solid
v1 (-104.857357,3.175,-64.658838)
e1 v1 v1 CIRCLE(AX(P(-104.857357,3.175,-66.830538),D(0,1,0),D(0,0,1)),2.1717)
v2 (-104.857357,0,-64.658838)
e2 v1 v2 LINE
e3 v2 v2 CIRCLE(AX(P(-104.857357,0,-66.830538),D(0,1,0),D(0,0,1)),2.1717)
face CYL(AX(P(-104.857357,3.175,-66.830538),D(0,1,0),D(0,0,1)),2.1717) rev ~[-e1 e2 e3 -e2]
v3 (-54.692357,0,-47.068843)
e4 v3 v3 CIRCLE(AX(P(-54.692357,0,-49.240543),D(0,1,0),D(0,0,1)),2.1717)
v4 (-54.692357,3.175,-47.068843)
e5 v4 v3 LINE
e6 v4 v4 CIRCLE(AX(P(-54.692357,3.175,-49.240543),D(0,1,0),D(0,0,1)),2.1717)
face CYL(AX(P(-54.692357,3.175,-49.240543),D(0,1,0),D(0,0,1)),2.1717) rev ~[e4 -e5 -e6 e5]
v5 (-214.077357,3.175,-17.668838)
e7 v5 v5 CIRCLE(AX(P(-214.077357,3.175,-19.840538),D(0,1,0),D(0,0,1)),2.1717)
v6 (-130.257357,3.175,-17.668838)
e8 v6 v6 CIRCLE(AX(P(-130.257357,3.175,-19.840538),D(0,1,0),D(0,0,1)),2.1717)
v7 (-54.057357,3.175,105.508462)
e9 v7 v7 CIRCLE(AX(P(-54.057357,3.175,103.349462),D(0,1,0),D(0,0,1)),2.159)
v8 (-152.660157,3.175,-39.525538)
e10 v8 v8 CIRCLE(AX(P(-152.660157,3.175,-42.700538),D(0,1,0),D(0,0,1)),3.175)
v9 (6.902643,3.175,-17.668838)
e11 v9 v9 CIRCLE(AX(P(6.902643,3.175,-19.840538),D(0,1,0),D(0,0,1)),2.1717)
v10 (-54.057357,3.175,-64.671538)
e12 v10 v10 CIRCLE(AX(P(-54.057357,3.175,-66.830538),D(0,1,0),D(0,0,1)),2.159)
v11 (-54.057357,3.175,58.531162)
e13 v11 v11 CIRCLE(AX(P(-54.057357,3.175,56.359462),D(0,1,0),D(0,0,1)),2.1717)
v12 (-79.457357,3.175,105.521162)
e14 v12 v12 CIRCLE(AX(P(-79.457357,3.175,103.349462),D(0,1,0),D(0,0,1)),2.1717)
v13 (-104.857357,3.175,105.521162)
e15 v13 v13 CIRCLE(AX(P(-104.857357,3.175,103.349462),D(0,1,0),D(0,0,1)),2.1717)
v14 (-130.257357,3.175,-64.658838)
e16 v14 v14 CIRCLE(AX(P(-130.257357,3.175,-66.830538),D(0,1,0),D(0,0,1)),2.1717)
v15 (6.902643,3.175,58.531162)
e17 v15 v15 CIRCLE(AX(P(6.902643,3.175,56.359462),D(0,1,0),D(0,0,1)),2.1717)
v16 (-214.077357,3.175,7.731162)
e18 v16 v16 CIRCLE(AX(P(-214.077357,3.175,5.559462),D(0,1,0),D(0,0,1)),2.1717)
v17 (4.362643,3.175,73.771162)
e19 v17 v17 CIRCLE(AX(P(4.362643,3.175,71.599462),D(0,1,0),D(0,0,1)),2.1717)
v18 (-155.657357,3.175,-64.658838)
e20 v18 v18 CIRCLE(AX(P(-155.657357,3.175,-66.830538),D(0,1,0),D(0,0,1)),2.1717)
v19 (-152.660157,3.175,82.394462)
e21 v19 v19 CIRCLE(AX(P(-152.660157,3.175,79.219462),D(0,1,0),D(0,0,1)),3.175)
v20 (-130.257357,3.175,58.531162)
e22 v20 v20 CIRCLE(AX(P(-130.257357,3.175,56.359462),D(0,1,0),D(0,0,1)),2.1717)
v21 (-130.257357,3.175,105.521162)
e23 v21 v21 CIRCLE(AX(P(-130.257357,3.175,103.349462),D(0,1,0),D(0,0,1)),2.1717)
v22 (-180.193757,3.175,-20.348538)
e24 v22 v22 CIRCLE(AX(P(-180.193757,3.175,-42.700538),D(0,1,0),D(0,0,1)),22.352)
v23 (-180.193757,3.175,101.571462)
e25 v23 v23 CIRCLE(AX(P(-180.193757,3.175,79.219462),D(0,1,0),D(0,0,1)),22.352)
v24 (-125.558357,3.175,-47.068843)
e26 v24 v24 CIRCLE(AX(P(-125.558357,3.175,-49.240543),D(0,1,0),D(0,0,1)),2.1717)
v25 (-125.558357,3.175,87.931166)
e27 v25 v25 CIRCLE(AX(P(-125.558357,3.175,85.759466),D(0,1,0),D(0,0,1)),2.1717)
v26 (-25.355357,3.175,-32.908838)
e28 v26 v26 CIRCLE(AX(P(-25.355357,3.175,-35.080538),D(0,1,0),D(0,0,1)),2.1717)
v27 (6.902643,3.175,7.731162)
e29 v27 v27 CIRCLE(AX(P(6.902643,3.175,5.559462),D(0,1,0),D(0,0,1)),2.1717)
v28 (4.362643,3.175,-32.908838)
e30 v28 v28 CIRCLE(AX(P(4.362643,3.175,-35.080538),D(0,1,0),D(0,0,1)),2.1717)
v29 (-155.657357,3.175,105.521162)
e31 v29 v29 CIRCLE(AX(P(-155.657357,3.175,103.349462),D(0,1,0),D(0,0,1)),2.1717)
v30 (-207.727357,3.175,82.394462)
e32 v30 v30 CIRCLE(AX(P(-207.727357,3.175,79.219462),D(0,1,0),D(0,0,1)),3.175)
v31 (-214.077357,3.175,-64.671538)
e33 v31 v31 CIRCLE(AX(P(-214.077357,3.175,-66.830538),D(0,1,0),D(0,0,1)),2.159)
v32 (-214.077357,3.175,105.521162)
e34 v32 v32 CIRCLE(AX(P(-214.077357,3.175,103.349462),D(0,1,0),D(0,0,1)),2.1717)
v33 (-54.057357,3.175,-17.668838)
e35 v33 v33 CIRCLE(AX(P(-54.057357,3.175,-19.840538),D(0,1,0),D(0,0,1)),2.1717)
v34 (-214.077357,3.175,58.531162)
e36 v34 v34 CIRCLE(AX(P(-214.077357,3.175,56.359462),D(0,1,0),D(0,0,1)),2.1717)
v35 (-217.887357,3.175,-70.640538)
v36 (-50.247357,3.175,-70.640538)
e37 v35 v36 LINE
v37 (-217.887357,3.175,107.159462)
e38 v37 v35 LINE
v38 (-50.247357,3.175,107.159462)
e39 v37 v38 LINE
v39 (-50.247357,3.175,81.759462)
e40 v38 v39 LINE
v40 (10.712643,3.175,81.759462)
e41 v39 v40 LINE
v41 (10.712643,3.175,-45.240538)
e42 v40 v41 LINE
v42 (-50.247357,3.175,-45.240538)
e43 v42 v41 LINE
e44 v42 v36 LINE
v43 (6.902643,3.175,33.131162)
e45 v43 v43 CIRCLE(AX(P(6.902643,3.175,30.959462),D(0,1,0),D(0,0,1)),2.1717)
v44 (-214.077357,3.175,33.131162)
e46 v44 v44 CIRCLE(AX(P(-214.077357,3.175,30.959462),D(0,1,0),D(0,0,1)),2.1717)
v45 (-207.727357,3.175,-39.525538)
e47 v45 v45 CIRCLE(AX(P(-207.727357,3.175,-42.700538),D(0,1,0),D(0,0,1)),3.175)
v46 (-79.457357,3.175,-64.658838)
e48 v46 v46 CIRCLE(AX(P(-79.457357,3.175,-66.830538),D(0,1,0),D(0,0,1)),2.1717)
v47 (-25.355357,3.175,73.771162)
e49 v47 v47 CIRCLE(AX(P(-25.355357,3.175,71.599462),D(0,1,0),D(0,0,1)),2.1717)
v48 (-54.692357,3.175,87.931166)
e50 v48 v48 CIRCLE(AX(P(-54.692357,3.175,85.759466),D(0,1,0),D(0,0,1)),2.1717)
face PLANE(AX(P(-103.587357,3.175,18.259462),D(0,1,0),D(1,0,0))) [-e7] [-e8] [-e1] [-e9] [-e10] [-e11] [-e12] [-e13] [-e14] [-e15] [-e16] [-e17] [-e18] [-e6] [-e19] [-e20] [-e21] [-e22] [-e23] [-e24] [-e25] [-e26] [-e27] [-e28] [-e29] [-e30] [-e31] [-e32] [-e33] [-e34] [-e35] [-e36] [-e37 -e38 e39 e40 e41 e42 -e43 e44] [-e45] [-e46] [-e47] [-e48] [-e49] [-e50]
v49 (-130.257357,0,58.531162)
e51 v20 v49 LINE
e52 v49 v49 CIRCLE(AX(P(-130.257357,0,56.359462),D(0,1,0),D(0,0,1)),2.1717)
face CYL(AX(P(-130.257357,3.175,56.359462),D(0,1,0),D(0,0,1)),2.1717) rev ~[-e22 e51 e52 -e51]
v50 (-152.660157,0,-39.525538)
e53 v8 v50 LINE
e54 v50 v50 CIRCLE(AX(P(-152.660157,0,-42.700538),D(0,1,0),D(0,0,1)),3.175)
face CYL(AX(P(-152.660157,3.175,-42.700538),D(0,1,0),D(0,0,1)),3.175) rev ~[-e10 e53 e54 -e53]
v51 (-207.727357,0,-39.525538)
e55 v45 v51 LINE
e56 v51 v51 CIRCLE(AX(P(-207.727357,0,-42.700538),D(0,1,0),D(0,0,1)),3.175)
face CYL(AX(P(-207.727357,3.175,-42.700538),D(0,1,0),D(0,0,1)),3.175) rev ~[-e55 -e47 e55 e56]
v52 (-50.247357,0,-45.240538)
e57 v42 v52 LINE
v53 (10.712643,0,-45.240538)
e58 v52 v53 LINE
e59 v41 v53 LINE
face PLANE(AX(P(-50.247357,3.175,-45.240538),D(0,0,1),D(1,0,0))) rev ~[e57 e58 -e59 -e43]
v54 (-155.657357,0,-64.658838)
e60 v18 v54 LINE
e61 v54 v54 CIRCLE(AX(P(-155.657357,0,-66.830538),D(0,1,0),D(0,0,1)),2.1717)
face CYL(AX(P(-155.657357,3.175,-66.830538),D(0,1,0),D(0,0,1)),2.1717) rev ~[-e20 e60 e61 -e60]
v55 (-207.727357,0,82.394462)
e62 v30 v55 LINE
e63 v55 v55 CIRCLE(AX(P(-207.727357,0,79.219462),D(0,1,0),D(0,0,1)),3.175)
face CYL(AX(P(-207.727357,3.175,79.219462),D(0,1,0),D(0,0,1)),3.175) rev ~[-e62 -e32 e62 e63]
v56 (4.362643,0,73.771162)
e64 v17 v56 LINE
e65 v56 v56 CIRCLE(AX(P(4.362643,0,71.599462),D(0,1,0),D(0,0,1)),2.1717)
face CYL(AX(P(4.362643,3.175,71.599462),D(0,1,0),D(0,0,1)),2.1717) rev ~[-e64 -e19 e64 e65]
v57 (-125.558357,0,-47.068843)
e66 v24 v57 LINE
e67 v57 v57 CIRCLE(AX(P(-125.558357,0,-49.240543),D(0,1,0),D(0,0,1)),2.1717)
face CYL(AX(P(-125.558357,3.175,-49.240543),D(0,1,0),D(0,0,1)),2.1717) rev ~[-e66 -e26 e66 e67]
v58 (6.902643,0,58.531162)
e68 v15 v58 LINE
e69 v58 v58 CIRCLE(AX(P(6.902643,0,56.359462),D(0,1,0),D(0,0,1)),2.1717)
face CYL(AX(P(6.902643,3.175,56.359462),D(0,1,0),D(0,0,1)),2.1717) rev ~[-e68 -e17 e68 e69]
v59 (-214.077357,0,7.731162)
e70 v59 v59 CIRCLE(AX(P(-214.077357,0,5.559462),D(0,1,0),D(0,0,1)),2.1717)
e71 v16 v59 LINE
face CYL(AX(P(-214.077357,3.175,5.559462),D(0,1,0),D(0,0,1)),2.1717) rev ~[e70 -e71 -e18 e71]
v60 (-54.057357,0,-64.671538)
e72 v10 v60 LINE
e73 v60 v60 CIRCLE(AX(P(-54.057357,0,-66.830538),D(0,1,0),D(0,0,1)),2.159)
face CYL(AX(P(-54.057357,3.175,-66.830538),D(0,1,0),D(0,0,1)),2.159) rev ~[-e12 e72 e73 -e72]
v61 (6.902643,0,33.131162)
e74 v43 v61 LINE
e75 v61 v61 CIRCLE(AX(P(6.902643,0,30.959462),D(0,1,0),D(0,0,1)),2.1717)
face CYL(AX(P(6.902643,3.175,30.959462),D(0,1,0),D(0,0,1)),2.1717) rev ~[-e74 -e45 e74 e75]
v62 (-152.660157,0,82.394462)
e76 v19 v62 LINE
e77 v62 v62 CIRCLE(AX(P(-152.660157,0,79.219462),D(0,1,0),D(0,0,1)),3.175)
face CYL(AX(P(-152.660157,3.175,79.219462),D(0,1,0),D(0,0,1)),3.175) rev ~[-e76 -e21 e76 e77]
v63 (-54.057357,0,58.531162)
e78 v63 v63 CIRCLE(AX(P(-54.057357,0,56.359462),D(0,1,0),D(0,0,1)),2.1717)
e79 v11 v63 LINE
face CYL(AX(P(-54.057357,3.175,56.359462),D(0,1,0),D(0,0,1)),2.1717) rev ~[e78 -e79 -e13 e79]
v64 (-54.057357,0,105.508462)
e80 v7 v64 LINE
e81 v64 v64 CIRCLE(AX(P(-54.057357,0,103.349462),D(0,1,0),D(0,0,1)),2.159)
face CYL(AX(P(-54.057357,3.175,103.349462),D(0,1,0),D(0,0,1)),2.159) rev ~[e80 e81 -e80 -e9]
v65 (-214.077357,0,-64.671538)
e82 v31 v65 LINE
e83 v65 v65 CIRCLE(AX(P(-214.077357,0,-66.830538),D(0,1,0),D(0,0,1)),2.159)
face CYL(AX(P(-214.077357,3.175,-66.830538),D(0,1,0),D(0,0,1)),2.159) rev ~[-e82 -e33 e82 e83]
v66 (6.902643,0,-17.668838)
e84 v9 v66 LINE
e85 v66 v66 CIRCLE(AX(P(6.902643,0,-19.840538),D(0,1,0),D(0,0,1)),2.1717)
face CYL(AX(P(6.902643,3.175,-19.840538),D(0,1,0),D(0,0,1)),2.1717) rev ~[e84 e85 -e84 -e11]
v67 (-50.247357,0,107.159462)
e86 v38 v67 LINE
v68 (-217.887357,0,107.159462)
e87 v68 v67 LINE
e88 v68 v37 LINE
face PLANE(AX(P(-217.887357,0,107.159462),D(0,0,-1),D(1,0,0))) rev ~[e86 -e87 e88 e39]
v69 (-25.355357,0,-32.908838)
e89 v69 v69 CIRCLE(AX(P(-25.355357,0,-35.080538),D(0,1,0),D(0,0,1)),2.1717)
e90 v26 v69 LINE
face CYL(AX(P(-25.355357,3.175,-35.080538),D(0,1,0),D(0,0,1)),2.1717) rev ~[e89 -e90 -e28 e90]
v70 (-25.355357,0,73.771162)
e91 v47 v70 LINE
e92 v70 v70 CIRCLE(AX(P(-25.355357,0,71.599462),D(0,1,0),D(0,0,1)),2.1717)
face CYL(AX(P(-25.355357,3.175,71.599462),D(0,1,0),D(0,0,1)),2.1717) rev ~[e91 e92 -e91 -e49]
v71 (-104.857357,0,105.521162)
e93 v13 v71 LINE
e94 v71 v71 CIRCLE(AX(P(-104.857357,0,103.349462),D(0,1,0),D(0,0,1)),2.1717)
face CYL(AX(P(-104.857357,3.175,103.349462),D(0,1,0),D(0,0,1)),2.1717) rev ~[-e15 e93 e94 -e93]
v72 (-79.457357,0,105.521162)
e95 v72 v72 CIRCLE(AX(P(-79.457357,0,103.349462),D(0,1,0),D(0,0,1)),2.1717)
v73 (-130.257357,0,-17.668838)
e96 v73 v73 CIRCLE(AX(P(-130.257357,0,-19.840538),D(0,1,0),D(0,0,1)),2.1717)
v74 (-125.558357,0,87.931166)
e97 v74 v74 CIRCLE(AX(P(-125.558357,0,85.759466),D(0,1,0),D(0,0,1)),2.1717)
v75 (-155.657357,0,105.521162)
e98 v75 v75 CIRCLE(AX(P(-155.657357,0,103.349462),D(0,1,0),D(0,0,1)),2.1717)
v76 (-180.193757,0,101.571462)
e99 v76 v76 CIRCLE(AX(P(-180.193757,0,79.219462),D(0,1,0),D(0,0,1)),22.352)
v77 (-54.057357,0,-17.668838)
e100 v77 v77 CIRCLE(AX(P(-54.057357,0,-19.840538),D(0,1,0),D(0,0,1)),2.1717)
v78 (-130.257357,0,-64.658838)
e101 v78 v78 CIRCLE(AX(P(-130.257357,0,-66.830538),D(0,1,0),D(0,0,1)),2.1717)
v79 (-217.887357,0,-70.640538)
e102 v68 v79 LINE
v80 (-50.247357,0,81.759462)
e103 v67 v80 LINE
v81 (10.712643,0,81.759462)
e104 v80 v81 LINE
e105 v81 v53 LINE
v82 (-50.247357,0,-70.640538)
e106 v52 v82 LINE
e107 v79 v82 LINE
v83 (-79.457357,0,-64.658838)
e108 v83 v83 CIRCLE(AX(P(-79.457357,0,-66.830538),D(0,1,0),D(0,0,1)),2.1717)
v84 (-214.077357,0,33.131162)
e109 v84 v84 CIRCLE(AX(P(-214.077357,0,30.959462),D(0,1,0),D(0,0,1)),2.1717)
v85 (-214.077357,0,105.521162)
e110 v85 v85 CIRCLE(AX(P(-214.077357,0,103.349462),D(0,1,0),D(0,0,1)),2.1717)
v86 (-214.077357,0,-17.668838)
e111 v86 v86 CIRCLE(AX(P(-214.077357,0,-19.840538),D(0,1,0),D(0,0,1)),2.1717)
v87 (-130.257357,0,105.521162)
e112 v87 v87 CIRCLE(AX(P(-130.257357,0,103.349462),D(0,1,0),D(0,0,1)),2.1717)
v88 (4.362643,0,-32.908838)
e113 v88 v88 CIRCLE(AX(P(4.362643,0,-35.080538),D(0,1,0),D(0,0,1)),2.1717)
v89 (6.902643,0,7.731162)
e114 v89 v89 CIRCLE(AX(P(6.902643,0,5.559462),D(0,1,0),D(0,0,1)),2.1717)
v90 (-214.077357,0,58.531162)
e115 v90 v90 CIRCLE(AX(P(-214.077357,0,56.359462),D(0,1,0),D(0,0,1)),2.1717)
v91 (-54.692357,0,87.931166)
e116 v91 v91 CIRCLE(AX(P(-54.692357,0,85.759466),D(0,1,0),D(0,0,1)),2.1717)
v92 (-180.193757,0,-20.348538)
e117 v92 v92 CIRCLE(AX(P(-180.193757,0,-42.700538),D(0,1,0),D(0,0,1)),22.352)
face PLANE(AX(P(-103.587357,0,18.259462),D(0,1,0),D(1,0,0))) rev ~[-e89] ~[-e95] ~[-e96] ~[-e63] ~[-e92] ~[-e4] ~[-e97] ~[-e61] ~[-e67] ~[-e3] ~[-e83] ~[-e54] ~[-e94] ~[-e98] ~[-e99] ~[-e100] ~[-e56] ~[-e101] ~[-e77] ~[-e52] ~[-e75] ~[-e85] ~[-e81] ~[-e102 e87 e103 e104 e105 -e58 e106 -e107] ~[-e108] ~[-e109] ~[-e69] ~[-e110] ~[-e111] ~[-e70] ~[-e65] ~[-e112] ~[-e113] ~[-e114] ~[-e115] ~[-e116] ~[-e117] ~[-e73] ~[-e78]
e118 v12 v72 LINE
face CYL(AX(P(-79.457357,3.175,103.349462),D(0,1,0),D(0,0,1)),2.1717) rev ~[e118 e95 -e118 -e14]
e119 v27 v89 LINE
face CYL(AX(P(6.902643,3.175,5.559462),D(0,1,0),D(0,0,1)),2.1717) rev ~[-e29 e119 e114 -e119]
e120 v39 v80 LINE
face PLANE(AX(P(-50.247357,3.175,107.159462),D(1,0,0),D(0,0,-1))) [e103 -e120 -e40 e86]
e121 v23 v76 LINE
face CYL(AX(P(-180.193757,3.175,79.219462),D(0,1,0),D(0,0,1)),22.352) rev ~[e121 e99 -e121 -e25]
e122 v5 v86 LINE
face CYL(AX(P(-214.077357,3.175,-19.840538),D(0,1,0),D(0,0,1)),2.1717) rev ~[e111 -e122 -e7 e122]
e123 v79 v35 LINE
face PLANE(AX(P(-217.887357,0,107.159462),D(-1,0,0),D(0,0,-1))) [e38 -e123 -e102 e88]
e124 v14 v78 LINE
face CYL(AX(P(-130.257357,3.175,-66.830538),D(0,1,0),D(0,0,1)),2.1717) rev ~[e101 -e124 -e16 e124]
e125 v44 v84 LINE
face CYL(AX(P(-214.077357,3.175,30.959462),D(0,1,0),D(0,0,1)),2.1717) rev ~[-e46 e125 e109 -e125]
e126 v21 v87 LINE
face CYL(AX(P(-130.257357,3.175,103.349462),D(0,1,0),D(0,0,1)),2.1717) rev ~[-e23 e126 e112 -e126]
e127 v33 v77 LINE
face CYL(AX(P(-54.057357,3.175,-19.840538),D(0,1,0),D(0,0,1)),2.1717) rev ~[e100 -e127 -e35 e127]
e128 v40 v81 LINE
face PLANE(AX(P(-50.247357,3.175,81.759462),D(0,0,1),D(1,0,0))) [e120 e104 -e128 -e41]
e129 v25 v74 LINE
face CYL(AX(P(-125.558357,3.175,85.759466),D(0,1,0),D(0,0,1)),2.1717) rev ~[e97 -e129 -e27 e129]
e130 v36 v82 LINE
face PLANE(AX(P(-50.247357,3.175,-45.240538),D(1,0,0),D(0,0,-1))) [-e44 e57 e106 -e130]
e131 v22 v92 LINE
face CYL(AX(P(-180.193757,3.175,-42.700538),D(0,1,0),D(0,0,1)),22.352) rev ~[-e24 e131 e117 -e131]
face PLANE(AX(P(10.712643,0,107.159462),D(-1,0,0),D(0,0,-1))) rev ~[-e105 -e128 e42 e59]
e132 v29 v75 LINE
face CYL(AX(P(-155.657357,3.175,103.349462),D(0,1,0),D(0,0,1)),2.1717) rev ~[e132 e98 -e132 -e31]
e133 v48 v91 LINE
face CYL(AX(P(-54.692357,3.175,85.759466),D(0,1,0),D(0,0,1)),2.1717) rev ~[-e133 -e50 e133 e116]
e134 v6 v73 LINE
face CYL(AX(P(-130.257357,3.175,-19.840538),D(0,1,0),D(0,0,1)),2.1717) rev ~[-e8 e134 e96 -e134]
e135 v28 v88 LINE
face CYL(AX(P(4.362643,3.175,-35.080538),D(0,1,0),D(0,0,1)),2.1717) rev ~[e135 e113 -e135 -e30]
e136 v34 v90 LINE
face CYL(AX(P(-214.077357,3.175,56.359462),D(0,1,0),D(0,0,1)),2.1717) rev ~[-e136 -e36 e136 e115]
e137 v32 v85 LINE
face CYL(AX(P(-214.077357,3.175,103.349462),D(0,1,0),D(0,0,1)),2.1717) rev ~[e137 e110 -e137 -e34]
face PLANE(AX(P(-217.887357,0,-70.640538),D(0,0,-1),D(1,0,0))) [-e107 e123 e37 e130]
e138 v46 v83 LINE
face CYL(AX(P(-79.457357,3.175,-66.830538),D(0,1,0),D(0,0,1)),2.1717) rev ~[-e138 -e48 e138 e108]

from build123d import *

# Parameters (mm, degrees)
SKETCH1_W           = 228.6
SKETCH1_H           = 177.8
BOSS_EXTRUDE1_DEPTH = 3.175
SKETCH2_R           = 2.1717
SKETCH2_R_2         = 3.175
SKETCH2_R_3         = 22.352
SKETCH2_R_4         = 2.159
SKETCH2_W           = 60.96
SKETCH2_H           = 25.4
CUT_EXTRUDE1_DEPTH  = 3.175


with BuildPart() as part:
    # Sketch1 → Boss-Extrude1 (new body)
    with BuildSketch(Plane(origin=(0, 0, 0), x_dir=(1, 0, 0), z_dir=(0, 1, 0))):
        with Locations((-103.587357149, -18.25946167)):
            Rectangle(SKETCH1_W, SKETCH1_H)
    extrude(amount=BOSS_EXTRUDE1_DEPTH)

    # Sketch2 → Cut-Extrude1 (cut)
    with BuildSketch(Plane(origin=(0, 3.175, 0), x_dir=(1, 0, 0), z_dir=(0, 1, 0))):
        with Locations(Location((4.362642851, 35.08053833, 0), (0, 0, 270))):
            Circle(SKETCH2_R)
        with Locations(Location((-25.355357149, 35.08053833, 0), (0, 0, 270))):
            Circle(SKETCH2_R)
        with Locations(Location((4.362642851, -71.59946167, 0), (0, 0, 270))):
            Circle(SKETCH2_R)
        with Locations(Location((-25.355357149, -71.59946167, 0), (0, 0, 270))):
            Circle(SKETCH2_R)
        with Locations(Location((-207.727357149, 42.70053833, 0), (0, 0, 270))):
            Circle(SKETCH2_R_2)
        with Locations(Location((-152.660157149, 42.70053833, 0), (0, 0, 270))):
            Circle(SKETCH2_R_2)
        with Locations(Location((-180.193757149, 42.70053833, 0), (0, 0, 270))):
            Circle(SKETCH2_R_3)
        with Locations(Location((-207.727357149, -79.21946167, 0), (0, 0, 270))):
            Circle(SKETCH2_R_2)
        with Locations(Location((-180.193757149, -79.21946167, 0), (0, 0, 270))):
            Circle(SKETCH2_R_3)
        with Locations(Location((-152.660157149, -79.21946167, 0), (0, 0, 270))):
            Circle(SKETCH2_R_2)
        with Locations(Location((-54.692357149, 49.24054303, 0), (0, 0, 270))):
            Circle(SKETCH2_R)
        with Locations(Location((-125.558357149, 49.24054303, 0), (0, 0, 270))):
            Circle(SKETCH2_R)
        with Locations(Location((-125.558357149, -85.75946637, 0), (0, 0, 270))):
            Circle(SKETCH2_R)
        with Locations(Location((-54.692357149, -85.75946637, 0), (0, 0, 270))):
            Circle(SKETCH2_R)
        with Locations(Location((-54.057357149, 66.83053833, 0), (0, 0, 270))):
            Circle(SKETCH2_R_4)
        with Locations(Location((-54.057357149, -103.34946167, 0), (0, 0, 270))):
            Circle(SKETCH2_R_4)
        with Locations(Location((-214.077357149, 66.83053833, 0), (0, 0, 270))):
            Circle(SKETCH2_R_4)
        with Locations(Location((-214.077357149, -103.34946167, 0), (0, 0, 270))):
            Circle(SKETCH2_R)
        with Locations(Location((-79.457357149, 66.83053833, 0), (0, 0, 270))):
            Circle(SKETCH2_R)
        with Locations(Location((-104.857357149, 66.83053833, 0), (0, 0, 270))):
            Circle(SKETCH2_R)
        with Locations(Location((-130.257357149, 66.83053833, 0), (0, 0, 270))):
            Circle(SKETCH2_R)
        with Locations(Location((-155.657357149, 66.83053833, 0), (0, 0, 270))):
            Circle(SKETCH2_R)
        with Locations(Location((-79.457357149, -103.34946167, 0), (0, 0, 270))):
            Circle(SKETCH2_R)
        with Locations(Location((-104.857357149, -103.34946167, 0), (0, 0, 270))):
            Circle(SKETCH2_R)
        with Locations(Location((-130.257357149, -103.34946167, 0), (0, 0, 270))):
            Circle(SKETCH2_R)
        with Locations(Location((-155.657357149, -103.34946167, 0), (0, 0, 270))):
            Circle(SKETCH2_R)
        with Locations(Location((-214.077357149, 19.84053833, 0), (0, 0, 270))):
            Circle(SKETCH2_R)
        with Locations(Location((-214.077357149, -5.55946167, 0), (0, 0, 270))):
            Circle(SKETCH2_R)
        with Locations(Location((-214.077357149, -30.95946167, 0), (0, 0, 270))):
            Circle(SKETCH2_R)
        with Locations(Location((-214.077357149, -56.35946167, 0), (0, 0, 270))):
            Circle(SKETCH2_R)
        with Locations(Location((-130.257357149, 19.84053833, 0), (0, 0, 270))):
            Circle(SKETCH2_R)
        with Locations(Location((-130.257357149, -56.35946167, 0), (0, 0, 270))):
            Circle(SKETCH2_R)
        with Locations(Location((6.902642851, 19.84053833, 0), (0, 0, 270))):
            Circle(SKETCH2_R)
        with Locations(Location((6.902642851, -5.55946167, 0), (0, 0, 270))):
            Circle(SKETCH2_R)
        with Locations(Location((6.902642851, -30.95946167, 0), (0, 0, 270))):
            Circle(SKETCH2_R)
        with Locations(Location((6.902642851, -56.35946167, 0), (0, 0, 270))):
            Circle(SKETCH2_R)
        with Locations(Location((-54.057357149, 19.84053833, 0), (0, 0, 270))):
            Circle(SKETCH2_R)
        with Locations(Location((-54.057357149, -56.35946167, 0), (0, 0, 270))):
            Circle(SKETCH2_R)
        with Locations((-19.767357149, -94.45946167)):
            Rectangle(SKETCH2_W, SKETCH2_H)
        with Locations((-19.767357149, 57.94053833)):
            Rectangle(SKETCH2_W, SKETCH2_H)
    extrude(amount=-CUT_EXTRUDE1_DEPTH, mode=Mode.SUBTRACT)


solid = part.part
